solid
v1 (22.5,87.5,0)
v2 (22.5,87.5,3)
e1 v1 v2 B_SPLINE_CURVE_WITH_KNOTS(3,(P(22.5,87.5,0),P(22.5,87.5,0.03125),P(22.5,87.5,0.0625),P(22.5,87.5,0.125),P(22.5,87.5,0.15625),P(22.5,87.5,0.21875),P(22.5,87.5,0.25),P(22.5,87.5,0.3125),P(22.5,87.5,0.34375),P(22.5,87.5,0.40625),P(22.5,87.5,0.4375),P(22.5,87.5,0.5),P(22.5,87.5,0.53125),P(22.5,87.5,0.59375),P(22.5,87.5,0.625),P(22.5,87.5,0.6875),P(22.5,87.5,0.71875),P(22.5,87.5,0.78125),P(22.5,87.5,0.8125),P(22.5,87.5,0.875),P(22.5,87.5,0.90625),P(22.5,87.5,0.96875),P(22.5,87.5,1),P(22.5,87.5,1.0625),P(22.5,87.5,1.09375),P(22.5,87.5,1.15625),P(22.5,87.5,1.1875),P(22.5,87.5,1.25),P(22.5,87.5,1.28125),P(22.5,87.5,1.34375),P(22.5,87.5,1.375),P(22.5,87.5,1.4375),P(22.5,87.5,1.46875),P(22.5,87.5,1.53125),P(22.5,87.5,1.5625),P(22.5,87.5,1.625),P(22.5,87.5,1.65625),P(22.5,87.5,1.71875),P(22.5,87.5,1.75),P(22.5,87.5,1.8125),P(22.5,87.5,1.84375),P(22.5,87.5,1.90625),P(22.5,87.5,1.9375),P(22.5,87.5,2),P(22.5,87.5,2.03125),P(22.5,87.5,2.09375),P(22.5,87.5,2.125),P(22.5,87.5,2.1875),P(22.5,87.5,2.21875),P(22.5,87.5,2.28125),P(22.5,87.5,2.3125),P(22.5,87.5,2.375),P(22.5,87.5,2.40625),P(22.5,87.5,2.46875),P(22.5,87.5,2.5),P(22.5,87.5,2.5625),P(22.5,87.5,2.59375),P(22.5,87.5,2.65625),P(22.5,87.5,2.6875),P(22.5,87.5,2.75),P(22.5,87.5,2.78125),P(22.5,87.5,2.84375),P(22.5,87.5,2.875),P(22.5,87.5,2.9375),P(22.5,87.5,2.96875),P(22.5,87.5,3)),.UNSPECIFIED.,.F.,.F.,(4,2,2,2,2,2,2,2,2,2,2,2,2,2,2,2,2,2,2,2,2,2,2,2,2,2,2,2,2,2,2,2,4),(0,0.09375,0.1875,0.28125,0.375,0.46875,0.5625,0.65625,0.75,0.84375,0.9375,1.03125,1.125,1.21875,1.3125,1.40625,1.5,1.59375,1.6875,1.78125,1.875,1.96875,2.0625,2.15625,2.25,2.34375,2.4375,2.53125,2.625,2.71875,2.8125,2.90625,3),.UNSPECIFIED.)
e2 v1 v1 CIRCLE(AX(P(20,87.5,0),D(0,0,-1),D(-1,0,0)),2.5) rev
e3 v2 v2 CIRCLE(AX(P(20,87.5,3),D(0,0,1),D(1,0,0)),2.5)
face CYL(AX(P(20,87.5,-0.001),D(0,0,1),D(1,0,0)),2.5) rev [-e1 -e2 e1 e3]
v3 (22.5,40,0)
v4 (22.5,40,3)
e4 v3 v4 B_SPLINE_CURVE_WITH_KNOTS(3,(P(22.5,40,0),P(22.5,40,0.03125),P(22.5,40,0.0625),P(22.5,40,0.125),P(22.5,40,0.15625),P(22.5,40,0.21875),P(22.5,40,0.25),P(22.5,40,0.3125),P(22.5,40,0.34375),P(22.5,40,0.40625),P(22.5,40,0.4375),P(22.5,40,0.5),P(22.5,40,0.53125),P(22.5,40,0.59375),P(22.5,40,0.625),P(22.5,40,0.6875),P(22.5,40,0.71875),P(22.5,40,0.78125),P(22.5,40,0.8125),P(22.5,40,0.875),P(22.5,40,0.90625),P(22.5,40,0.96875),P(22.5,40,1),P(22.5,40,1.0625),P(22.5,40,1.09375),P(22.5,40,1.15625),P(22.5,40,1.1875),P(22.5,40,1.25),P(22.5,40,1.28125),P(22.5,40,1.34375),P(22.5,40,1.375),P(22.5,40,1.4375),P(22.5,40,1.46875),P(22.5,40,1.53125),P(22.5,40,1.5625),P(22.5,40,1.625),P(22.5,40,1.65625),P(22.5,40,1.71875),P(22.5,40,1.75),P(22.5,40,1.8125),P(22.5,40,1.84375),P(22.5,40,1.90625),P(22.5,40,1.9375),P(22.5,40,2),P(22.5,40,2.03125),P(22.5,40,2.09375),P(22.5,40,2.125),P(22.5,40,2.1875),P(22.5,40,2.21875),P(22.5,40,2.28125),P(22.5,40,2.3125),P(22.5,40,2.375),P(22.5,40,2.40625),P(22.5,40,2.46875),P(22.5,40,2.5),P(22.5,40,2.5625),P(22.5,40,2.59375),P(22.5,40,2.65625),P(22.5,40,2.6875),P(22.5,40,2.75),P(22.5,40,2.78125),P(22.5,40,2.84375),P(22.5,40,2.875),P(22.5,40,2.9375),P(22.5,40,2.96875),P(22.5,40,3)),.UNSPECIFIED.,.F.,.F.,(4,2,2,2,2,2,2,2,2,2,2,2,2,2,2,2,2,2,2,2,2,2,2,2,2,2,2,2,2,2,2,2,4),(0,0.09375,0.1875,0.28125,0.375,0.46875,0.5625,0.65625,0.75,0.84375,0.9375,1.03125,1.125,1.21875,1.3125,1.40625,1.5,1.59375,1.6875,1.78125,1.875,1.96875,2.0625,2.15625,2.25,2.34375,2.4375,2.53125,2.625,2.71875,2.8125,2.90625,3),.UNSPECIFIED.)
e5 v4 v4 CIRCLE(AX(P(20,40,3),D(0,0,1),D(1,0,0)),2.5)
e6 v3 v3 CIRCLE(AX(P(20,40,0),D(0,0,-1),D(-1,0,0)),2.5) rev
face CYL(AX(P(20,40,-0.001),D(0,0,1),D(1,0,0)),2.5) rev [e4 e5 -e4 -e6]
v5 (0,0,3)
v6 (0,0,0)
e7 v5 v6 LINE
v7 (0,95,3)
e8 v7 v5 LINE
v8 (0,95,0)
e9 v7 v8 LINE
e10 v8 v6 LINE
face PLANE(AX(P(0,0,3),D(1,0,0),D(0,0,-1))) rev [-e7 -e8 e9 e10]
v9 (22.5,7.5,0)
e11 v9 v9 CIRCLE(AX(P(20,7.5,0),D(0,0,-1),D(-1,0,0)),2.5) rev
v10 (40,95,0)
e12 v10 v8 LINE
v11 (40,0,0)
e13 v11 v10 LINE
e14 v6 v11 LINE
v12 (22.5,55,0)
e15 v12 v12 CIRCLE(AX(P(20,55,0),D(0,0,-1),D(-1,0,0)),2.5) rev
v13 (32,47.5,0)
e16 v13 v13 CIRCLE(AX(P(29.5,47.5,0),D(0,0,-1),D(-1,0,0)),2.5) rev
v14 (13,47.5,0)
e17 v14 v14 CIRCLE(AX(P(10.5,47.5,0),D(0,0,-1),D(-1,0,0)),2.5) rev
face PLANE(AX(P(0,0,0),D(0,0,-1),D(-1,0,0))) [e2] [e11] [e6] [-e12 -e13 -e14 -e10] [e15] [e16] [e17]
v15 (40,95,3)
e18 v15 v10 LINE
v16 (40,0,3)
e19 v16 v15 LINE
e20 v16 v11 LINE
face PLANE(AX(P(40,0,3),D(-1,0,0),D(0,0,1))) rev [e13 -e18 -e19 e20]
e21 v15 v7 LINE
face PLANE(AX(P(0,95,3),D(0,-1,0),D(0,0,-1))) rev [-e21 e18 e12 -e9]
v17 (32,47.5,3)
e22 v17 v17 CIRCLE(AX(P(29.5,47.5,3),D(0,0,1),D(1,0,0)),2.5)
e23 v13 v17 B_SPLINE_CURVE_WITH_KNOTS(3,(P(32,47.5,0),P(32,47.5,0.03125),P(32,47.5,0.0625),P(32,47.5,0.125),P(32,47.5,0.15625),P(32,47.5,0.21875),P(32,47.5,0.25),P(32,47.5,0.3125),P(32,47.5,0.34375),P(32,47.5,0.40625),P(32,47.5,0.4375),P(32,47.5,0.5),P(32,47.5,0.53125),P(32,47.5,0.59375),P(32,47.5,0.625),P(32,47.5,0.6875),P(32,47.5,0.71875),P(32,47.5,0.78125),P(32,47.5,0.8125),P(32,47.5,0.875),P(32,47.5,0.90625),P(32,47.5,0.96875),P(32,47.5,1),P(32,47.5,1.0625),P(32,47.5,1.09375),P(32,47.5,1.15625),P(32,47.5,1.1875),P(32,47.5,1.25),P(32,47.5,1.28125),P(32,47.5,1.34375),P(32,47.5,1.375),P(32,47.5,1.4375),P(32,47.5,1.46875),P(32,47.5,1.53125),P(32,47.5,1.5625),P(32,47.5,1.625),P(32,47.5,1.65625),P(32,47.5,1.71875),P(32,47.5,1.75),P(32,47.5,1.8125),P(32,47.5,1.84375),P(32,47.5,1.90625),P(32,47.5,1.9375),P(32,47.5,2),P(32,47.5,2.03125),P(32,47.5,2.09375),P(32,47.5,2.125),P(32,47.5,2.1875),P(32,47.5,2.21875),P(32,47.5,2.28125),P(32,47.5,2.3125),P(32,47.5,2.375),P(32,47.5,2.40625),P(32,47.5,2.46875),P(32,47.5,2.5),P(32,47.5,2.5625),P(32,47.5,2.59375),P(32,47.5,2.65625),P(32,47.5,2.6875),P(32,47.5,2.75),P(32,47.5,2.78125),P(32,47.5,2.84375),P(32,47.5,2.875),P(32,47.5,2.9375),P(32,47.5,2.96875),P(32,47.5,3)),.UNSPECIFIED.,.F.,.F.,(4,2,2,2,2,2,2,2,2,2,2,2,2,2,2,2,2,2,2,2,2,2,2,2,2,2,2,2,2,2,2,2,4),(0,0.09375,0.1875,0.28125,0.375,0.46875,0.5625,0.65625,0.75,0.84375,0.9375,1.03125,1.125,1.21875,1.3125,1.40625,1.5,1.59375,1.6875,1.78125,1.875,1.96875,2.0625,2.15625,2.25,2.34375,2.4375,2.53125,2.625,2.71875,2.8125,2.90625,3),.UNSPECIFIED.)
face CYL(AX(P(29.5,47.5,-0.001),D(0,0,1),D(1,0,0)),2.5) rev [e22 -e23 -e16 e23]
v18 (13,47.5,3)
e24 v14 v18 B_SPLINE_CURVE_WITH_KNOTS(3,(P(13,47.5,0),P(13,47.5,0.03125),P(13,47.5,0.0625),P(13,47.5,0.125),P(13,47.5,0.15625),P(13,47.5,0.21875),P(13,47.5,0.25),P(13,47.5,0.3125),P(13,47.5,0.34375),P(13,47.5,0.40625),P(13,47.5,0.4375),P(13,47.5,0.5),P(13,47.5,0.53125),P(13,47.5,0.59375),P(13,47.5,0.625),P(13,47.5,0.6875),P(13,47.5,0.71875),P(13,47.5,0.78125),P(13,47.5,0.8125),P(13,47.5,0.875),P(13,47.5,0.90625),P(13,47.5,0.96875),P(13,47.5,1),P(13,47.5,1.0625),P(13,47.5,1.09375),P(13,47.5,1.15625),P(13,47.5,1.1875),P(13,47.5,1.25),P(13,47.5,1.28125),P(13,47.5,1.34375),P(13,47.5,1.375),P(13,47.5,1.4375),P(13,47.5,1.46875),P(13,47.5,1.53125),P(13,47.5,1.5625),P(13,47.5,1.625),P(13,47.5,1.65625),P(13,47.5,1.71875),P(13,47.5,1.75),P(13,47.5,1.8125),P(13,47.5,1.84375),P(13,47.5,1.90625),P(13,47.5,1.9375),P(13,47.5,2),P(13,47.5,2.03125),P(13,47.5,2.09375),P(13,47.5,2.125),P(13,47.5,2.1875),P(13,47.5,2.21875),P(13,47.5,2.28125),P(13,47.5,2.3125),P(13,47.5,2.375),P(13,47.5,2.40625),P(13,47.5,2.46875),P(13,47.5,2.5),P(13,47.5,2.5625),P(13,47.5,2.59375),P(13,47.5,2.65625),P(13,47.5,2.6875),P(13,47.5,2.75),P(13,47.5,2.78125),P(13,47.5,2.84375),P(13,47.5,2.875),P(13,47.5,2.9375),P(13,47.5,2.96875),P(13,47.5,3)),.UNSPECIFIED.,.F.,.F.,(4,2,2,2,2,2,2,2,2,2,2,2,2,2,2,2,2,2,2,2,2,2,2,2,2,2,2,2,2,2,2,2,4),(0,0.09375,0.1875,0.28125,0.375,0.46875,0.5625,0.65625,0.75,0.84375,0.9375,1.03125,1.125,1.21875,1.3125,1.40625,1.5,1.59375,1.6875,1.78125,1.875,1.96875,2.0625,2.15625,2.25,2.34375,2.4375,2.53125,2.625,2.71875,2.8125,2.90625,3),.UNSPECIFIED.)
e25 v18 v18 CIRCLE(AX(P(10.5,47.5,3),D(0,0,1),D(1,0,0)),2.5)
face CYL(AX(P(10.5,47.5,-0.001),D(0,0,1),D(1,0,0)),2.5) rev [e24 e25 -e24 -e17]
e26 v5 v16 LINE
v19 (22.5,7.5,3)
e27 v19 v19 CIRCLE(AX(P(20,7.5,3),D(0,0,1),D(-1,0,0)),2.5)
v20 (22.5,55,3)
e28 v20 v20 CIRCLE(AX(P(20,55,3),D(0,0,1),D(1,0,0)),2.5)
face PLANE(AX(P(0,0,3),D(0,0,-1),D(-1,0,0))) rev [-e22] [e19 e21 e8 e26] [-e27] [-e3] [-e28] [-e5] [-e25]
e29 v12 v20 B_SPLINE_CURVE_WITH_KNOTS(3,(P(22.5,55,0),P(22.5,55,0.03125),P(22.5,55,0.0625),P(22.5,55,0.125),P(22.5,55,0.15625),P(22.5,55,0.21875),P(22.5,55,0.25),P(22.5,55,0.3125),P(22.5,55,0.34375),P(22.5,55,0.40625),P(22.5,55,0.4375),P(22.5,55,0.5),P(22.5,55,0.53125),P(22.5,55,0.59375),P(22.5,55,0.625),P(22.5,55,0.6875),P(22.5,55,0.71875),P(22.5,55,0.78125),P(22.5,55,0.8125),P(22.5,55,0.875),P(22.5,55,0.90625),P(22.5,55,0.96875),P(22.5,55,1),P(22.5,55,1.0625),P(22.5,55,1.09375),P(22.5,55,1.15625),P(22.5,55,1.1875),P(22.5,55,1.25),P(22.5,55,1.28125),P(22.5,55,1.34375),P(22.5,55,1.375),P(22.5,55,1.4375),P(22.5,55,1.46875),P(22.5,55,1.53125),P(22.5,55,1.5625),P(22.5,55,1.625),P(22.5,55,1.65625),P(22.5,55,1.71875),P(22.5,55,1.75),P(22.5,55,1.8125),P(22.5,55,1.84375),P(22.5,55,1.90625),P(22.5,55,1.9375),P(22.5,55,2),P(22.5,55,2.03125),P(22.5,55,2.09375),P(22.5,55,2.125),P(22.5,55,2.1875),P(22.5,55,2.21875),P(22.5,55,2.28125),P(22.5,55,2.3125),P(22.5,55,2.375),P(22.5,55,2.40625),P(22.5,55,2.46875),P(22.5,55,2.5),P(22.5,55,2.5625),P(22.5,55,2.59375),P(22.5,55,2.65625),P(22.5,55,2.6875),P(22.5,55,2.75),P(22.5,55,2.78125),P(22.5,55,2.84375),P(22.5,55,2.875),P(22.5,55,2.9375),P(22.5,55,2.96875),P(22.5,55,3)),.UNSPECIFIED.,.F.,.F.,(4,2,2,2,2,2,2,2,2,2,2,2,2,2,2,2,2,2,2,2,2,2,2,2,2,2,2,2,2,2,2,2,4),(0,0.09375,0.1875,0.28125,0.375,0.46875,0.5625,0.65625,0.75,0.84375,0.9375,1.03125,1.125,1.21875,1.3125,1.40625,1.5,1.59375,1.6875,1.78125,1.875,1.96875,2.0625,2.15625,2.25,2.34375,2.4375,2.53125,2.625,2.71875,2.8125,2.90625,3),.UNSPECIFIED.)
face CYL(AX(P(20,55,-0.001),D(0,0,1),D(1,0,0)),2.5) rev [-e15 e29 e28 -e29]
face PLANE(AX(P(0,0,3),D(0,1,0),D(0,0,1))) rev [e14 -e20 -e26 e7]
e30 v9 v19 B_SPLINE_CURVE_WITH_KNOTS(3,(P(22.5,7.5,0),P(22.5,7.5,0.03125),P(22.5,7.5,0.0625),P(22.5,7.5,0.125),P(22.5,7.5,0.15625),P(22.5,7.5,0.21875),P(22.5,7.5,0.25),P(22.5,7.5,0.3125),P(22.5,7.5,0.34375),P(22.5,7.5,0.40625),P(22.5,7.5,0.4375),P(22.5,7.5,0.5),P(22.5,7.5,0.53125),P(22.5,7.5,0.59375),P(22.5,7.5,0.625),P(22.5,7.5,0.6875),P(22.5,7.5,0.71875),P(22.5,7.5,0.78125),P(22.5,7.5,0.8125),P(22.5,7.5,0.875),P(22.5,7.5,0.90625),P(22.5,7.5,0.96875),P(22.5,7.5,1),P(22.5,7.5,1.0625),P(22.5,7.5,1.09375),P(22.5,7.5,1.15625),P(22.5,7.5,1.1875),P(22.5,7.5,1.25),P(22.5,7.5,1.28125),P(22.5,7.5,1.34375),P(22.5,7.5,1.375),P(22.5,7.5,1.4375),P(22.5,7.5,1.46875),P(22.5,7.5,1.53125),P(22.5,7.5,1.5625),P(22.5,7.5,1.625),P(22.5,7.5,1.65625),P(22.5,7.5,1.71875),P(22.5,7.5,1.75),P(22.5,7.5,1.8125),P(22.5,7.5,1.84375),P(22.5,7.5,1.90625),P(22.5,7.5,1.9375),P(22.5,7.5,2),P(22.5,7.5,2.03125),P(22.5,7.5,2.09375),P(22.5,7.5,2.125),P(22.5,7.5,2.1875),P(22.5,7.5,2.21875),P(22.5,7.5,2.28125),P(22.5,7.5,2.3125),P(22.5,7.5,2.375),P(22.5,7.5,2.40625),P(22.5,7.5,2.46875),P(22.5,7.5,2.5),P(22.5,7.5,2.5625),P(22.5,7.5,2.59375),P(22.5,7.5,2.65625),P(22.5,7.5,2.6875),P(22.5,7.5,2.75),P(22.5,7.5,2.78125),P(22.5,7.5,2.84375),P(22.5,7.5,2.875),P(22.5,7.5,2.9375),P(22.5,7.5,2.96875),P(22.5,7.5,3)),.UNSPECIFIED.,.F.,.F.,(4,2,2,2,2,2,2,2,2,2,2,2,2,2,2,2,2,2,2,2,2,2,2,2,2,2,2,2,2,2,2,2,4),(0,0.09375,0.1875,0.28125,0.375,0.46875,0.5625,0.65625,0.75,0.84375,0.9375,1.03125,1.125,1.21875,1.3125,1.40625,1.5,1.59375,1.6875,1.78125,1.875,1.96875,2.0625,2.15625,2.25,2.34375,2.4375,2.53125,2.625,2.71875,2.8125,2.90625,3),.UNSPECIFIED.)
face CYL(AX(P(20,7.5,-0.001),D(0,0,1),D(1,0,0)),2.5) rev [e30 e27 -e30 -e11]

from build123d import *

# Parameters (mm, degrees)
ESBO_O1_W                = 40
ESBO_O1_H                = 95
RESSALTO_EXTRUS_O1_DEPTH = 3
CUT_EXTRUDE1_REACH       = 105.121
ESBO_O2_R                = 2.5


with BuildPart() as part:
    # Esboço1 → Ressalto-extrusão1 (new body)
    with BuildSketch(Plane.XY):
        with Locations((20, 47.5)):
            Rectangle(ESBO_O1_W, ESBO_O1_H)
    extrude(amount=RESSALTO_EXTRUS_O1_DEPTH)

    # Esboço2 → Cut-Extrude1 (cut, up to next)
    with BuildSketch(Plane.XY.offset(3), mode=Mode.PRIVATE) as cut_extrude1_sk1:
        with Locations((20, 87.5)):
            Circle(ESBO_O2_R)
    cut_extrude1_tool1 = extrude(cut_extrude1_sk1.sketch, amount=-CUT_EXTRUDE1_REACH, mode=Mode.PRIVATE) & part.part
    # Esboço2 → Cut-Extrude1 (cut, up to next)
    with BuildSketch(Plane.XY.offset(3), mode=Mode.PRIVATE) as cut_extrude1_sk2:
        with Locations((20, 7.5)):
            Circle(ESBO_O2_R)
    cut_extrude1_tool2 = extrude(cut_extrude1_sk2.sketch, amount=-CUT_EXTRUDE1_REACH, mode=Mode.PRIVATE) & part.part
    # Esboço2 → Cut-Extrude1 (cut, up to next)
    with BuildSketch(Plane.XY.offset(3), mode=Mode.PRIVATE) as cut_extrude1_sk3:
        with Locations((10.5, 47.5)):
            Circle(ESBO_O2_R)
    cut_extrude1_tool3 = extrude(cut_extrude1_sk3.sketch, amount=-CUT_EXTRUDE1_REACH, mode=Mode.PRIVATE) & part.part
    # Esboço2 → Cut-Extrude1 (cut, up to next)
    with BuildSketch(Plane.XY.offset(3), mode=Mode.PRIVATE) as cut_extrude1_sk4:
        with Locations((29.5, 47.5)):
            Circle(ESBO_O2_R)
    cut_extrude1_tool4 = extrude(cut_extrude1_sk4.sketch, amount=-CUT_EXTRUDE1_REACH, mode=Mode.PRIVATE) & part.part
    # Esboço2 → Cut-Extrude1 (cut, up to next)
    with BuildSketch(Plane.XY.offset(3), mode=Mode.PRIVATE) as cut_extrude1_sk5:
        with Locations((20, 55)):
            Circle(ESBO_O2_R)
    cut_extrude1_tool5 = extrude(cut_extrude1_sk5.sketch, amount=-CUT_EXTRUDE1_REACH, mode=Mode.PRIVATE) & part.part
    # Esboço2 → Cut-Extrude1 (cut, up to next)
    with BuildSketch(Plane.XY.offset(3), mode=Mode.PRIVATE) as cut_extrude1_sk6:
        with Locations((20, 40)):
            Circle(ESBO_O2_R)
    cut_extrude1_tool6 = extrude(cut_extrude1_sk6.sketch, amount=-CUT_EXTRUDE1_REACH, mode=Mode.PRIVATE) & part.part
    add(cut_extrude1_tool1.solids().sort_by_distance((20, 87.5, 3))[0], mode=Mode.SUBTRACT)
    add(cut_extrude1_tool2.solids().sort_by_distance((20, 7.5, 3))[0], mode=Mode.SUBTRACT)
    add(cut_extrude1_tool3.solids().sort_by_distance((10.5, 47.5, 3))[0], mode=Mode.SUBTRACT)
    add(cut_extrude1_tool4.solids().sort_by_distance((29.5, 47.5, 3))[0], mode=Mode.SUBTRACT)
    add(cut_extrude1_tool5.solids().sort_by_distance((20, 55, 3))[0], mode=Mode.SUBTRACT)
    add(cut_extrude1_tool6.solids().sort_by_distance((20, 40, 3))[0], mode=Mode.SUBTRACT)


solid = part.part
